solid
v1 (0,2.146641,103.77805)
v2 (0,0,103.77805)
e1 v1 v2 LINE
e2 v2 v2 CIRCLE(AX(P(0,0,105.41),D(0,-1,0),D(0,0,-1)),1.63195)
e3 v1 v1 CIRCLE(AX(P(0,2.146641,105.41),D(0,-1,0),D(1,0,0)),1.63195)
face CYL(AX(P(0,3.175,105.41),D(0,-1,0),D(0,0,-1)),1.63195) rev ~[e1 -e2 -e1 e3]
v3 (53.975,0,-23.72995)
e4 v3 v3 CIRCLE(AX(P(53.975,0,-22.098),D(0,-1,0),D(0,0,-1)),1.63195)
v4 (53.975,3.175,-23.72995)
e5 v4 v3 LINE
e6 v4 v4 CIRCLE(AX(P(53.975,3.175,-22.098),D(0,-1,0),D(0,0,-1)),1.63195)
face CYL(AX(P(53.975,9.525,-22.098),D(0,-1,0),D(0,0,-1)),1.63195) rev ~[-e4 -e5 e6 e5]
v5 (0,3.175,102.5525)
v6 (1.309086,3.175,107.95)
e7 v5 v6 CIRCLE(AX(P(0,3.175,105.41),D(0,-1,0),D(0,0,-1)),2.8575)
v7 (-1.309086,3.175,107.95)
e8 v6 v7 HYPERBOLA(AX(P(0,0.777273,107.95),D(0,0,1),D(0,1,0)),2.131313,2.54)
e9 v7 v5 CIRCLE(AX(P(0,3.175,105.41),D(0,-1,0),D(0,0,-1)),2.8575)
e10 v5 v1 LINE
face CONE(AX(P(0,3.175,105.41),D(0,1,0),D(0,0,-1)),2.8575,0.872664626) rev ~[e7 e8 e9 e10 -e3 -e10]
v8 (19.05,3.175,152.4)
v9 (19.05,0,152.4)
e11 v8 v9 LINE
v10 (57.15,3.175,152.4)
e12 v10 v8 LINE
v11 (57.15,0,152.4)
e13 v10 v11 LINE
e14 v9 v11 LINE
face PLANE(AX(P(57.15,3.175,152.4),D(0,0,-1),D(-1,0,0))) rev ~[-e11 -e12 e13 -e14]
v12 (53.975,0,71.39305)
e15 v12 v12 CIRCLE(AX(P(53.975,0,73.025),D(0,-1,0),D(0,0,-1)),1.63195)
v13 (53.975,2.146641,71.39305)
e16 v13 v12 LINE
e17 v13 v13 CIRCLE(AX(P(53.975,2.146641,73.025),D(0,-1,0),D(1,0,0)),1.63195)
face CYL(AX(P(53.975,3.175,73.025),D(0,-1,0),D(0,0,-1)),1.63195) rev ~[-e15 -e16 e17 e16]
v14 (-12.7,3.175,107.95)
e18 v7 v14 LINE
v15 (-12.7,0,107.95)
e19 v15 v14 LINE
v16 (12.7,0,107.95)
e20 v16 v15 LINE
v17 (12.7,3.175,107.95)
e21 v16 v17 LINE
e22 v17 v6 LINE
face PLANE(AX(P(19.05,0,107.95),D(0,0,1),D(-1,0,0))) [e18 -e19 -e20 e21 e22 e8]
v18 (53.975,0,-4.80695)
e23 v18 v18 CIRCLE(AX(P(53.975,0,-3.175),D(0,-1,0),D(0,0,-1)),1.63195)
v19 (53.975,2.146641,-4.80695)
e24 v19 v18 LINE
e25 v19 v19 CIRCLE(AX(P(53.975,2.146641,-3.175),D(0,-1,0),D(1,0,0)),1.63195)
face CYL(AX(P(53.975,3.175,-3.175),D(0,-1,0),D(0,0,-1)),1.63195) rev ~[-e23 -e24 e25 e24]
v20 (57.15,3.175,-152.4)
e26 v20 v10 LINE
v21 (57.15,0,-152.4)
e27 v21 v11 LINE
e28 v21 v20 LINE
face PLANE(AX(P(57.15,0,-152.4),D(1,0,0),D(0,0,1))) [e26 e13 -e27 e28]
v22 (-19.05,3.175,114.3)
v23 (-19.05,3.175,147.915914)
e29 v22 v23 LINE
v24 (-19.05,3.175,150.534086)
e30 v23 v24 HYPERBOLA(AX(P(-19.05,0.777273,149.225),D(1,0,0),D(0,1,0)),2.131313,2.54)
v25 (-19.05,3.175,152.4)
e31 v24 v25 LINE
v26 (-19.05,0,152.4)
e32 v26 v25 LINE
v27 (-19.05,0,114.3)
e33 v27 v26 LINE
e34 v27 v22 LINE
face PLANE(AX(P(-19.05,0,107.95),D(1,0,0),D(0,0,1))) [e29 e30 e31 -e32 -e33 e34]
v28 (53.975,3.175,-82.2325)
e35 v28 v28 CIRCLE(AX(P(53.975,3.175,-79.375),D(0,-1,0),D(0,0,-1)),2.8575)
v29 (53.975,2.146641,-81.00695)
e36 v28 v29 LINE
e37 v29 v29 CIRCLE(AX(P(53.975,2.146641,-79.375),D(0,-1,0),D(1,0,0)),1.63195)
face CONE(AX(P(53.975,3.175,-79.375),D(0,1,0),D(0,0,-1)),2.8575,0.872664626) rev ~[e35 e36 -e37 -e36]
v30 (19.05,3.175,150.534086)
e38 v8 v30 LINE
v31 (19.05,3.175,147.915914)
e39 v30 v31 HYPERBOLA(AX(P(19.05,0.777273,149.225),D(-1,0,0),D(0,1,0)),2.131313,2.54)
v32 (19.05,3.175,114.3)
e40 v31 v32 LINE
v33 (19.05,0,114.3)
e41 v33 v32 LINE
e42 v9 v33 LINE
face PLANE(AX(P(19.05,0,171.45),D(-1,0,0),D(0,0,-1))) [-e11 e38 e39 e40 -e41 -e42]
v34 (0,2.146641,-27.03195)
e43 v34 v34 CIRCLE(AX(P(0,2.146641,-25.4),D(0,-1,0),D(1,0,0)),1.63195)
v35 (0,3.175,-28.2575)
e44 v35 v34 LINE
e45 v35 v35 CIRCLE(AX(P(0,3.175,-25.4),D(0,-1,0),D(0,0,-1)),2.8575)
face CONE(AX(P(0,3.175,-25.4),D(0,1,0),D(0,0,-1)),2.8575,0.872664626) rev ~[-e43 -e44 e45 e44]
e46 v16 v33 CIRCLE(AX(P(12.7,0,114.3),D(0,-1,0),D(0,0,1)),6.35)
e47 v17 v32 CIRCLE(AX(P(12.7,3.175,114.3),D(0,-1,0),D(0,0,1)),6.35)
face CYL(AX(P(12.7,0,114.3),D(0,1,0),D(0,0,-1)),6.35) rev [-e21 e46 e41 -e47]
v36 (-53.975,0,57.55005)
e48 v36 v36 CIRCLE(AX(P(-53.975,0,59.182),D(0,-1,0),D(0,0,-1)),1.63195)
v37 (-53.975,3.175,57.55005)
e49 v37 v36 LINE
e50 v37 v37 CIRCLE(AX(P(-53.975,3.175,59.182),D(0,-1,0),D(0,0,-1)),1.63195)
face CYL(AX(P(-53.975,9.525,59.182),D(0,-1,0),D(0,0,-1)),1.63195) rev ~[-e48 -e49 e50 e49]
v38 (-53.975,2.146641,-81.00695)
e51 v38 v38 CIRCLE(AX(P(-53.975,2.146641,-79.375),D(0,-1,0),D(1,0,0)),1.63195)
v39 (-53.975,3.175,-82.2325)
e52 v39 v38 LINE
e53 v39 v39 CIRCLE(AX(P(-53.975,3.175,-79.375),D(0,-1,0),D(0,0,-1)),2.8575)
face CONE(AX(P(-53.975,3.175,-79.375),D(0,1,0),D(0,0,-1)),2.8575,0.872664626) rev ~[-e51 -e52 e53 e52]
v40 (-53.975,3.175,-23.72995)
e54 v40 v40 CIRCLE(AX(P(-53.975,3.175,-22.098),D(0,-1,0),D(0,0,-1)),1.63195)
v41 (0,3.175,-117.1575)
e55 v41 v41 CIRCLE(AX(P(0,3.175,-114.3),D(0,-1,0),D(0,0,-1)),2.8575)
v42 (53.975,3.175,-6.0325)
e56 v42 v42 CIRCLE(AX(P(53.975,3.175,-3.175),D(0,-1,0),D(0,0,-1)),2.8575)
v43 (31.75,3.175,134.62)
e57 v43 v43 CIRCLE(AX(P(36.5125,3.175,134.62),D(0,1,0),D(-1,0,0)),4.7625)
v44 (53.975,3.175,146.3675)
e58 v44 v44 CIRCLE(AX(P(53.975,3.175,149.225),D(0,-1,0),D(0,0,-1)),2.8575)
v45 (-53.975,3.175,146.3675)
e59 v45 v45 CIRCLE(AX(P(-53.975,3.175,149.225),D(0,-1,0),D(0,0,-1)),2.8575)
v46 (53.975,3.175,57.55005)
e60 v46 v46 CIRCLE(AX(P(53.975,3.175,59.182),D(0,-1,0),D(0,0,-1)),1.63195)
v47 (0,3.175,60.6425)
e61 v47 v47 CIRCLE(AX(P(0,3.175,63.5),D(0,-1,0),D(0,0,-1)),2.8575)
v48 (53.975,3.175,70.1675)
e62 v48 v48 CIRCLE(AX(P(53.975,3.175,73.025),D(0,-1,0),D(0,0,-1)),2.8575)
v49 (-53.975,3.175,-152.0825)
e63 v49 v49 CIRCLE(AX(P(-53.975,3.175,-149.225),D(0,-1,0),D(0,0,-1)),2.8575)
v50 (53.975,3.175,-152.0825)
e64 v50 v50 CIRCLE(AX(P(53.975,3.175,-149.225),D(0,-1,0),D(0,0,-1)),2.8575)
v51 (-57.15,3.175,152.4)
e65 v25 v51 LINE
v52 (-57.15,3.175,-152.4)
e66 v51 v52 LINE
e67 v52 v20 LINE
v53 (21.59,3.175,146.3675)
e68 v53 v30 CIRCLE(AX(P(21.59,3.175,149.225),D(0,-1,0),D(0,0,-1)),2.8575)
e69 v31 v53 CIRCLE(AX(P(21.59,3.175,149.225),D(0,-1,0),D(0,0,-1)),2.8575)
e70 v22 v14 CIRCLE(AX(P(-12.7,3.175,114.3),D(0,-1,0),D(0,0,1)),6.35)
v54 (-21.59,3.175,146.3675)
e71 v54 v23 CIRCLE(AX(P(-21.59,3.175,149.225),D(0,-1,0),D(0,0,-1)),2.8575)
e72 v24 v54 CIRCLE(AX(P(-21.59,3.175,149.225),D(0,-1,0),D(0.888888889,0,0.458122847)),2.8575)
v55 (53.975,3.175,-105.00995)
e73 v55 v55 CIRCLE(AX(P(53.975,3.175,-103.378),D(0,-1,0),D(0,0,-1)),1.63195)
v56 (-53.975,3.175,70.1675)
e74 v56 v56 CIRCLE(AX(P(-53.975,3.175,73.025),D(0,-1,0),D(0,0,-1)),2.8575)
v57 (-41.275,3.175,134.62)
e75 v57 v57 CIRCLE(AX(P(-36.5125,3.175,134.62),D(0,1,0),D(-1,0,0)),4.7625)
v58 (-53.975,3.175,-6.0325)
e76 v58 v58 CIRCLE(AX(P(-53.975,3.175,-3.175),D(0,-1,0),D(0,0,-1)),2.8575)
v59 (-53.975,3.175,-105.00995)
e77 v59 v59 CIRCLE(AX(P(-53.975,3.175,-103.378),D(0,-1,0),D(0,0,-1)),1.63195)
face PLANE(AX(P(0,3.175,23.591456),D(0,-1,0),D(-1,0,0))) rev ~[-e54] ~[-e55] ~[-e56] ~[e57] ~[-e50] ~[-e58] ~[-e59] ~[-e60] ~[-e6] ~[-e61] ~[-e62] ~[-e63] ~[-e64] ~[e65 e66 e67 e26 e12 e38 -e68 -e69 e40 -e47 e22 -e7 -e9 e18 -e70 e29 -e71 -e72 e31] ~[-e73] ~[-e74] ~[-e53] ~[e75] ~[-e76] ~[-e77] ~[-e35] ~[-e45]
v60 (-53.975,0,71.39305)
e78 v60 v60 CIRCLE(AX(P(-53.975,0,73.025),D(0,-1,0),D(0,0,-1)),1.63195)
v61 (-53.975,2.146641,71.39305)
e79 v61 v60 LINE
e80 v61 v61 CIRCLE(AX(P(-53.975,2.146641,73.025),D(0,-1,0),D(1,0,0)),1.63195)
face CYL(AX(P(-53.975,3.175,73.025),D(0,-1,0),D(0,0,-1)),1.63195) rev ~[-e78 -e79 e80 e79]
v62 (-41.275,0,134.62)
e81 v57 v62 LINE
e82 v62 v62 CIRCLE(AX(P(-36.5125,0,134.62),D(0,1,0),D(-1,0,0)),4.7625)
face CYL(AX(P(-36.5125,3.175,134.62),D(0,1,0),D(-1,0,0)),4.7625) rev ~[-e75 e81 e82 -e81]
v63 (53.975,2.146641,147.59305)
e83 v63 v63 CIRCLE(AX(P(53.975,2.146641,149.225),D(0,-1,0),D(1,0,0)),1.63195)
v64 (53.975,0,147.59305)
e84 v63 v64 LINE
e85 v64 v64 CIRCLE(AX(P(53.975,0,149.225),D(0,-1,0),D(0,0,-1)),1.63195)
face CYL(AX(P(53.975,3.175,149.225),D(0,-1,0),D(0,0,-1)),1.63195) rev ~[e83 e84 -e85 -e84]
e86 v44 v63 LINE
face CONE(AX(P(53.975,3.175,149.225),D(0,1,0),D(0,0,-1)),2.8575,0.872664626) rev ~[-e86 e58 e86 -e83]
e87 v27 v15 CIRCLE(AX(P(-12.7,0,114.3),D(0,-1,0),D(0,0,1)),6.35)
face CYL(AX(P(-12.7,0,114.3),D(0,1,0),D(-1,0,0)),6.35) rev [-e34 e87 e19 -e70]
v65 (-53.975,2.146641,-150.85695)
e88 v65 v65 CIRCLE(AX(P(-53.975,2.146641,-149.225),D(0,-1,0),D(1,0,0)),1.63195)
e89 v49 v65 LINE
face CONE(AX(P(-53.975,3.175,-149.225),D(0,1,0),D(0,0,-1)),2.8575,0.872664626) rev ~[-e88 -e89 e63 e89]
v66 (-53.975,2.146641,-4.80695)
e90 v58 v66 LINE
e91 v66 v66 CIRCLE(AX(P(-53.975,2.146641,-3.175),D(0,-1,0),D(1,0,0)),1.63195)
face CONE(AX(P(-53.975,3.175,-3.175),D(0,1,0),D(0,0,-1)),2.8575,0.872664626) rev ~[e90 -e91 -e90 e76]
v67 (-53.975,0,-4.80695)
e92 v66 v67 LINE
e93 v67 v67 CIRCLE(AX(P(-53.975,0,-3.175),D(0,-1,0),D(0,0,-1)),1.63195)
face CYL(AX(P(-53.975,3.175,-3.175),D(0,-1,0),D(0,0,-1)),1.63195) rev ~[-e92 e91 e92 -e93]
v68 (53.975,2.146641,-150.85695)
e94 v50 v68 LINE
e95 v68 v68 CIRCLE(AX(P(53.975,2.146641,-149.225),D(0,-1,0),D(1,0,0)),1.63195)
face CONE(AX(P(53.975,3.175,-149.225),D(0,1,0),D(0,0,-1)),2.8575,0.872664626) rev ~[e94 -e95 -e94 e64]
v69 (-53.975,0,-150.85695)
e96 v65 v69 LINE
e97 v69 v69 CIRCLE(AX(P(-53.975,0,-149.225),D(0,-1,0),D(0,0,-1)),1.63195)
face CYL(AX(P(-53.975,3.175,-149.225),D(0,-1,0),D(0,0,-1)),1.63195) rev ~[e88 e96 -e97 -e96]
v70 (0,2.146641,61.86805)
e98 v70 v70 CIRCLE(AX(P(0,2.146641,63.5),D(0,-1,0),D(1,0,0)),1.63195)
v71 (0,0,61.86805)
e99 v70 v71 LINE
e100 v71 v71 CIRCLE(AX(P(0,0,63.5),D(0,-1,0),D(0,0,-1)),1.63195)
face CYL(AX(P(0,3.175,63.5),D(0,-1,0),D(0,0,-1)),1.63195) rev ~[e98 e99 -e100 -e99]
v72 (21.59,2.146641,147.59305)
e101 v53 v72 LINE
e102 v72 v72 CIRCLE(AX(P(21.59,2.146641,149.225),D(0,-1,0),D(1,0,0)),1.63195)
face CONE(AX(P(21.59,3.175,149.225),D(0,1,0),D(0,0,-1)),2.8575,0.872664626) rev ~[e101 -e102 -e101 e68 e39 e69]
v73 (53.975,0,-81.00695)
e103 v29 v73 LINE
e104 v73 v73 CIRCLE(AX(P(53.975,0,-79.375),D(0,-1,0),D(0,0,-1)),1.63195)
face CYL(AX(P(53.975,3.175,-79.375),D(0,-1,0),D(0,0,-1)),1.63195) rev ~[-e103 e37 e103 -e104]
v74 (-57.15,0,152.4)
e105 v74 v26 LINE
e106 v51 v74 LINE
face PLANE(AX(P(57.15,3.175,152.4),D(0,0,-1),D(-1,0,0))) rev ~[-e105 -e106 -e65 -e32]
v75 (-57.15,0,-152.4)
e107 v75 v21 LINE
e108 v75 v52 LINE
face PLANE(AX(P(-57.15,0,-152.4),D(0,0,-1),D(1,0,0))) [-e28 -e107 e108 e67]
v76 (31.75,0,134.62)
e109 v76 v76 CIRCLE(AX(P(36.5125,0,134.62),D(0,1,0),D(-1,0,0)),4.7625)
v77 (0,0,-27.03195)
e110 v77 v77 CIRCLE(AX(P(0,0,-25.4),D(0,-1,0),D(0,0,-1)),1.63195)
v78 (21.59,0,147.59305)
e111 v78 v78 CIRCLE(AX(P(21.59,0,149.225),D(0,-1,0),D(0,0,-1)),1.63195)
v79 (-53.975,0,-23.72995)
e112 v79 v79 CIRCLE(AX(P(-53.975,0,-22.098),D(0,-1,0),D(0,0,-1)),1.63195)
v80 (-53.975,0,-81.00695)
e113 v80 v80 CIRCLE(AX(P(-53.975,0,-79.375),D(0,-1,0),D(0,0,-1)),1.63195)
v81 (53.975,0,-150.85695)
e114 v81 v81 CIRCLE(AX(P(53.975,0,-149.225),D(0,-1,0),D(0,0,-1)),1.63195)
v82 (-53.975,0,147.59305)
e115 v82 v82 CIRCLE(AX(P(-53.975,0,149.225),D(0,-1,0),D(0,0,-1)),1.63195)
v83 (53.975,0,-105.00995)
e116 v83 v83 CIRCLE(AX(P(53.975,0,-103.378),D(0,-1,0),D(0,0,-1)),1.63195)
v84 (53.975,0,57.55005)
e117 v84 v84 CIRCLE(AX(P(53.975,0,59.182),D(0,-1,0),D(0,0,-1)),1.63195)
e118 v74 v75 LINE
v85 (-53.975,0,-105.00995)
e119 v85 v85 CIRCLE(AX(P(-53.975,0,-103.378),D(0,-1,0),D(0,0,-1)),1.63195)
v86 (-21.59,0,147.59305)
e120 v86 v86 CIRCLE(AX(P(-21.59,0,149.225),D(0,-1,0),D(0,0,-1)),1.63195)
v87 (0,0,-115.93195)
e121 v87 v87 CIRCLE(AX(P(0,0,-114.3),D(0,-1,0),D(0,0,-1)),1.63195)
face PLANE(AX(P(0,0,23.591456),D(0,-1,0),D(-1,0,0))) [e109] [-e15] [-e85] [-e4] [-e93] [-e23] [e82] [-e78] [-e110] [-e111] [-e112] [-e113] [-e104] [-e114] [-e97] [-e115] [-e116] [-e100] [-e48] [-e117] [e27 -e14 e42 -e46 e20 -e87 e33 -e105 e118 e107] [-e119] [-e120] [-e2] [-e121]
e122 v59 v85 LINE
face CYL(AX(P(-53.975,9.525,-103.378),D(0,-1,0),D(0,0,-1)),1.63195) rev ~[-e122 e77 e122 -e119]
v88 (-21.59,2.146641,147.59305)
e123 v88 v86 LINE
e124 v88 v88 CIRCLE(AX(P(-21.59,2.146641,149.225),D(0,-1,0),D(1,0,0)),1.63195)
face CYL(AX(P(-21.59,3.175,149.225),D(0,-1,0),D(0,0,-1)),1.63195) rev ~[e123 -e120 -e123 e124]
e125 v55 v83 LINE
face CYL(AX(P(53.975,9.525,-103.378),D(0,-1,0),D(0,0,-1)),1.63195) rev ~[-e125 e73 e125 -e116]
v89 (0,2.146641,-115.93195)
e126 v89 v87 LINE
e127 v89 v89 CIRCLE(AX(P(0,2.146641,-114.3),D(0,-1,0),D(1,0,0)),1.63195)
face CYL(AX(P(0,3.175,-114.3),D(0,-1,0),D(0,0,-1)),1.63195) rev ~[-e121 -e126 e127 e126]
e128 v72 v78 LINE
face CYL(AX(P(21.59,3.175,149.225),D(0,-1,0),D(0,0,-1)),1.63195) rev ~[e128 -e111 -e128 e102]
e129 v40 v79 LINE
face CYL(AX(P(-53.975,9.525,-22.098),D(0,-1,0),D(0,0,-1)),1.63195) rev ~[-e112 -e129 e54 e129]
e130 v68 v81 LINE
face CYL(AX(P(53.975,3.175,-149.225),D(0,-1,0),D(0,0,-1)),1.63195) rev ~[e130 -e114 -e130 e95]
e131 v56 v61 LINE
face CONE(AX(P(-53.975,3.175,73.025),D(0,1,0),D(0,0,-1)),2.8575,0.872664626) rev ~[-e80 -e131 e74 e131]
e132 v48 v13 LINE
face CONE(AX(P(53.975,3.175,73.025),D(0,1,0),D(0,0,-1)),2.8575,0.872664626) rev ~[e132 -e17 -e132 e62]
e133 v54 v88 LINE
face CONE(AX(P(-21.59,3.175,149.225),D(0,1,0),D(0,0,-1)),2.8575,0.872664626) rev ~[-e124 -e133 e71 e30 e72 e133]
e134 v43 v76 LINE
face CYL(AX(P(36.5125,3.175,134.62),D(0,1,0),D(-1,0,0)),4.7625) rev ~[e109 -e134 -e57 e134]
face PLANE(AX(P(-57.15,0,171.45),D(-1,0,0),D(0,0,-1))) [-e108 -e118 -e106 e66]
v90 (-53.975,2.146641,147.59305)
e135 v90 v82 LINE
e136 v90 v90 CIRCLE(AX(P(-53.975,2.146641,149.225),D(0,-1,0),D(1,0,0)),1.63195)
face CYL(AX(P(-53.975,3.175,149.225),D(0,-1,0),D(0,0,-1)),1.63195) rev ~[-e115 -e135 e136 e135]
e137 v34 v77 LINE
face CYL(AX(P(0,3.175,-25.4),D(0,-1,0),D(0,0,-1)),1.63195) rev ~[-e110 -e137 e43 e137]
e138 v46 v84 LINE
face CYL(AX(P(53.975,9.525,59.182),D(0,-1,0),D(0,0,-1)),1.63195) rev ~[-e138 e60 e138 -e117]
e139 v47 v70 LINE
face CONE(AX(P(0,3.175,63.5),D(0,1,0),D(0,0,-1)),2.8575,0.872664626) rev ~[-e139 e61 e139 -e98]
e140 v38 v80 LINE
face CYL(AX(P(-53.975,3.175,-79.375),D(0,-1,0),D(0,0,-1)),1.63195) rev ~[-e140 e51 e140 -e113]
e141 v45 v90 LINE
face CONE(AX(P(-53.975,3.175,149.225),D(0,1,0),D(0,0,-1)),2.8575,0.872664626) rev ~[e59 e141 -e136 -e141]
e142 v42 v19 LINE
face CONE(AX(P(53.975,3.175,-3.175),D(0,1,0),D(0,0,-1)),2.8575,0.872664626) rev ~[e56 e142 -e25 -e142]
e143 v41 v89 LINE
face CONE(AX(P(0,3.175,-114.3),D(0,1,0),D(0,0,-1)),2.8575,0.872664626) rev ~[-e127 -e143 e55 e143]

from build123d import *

# Parameters (mm, degrees)
EXTRUDE1_DEPTH                                    = 3.175
CSK_FOR_4_FLAT_HEAD_MACHINE_SCREW_100_D           = 3.2639
CSK_FOR_4_FLAT_HEAD_MACHINE_SCREW_100_CSINK_D     = 5.715
CSK_FOR_4_FLAT_HEAD_MACHINE_SCREW_100_CSINK_ANGLE = 100
FILLET1_R                                         = 6.35
FILLET2_R                                         = 6.35
SKETCH4_R                                         = 4.7625
CUT_EXTRUDE1_DEPTH                                = 4.175
SKETCH5_W                                         = 114.3
SKETCH5_H                                         = 19.05
CUT_EXTRUDE2_DEPTH                                = 4.175
F_4_CLEARANCE_HOLE1_D                             = 3.2639
F_4_CLEARANCE_HOLE1_DEPTH                         = 6.35
F_4_CLEARANCE_HOLE1_TIP                           = 0.980574487


with BuildPart() as part:
    # Sketch1 → Extrude1 (new body)
    with BuildSketch(Plane(origin=(0, 0, 0), x_dir=(1, 0, 0), z_dir=(0, 1, 0))):
        Polygon((-57.15, -171.45), (-57.15, 152.4), (57.15, 152.4), (57.15, -171.45), (19.05, -171.45), (19.05, -107.95), (-19.05, -107.95), (-19.05, -171.45), align=None)
    extrude(amount=EXTRUDE1_DEPTH)

    # CSK for #4 Flat Head Machine Screw (100)1 (through all)
    with Locations(Plane(origin=(-53.975, 3.175, -149.225), x_dir=(0, 0, 1), z_dir=(0, 1, 0))):
        with Locations((0, 0), (0, 107.95), (298.45, 107.95), (298.45, 75.565), (254.635, 53.975), (298.45, 32.385), (298.45, 0), (69.85, 0), (146.05, 0), (222.25, 0), (222.25, 107.95), (146.05, 107.95), (69.85, 107.95), (34.925, 53.975), (212.725, 53.975), (123.825, 53.975)):
            CounterSinkHole(CSK_FOR_4_FLAT_HEAD_MACHINE_SCREW_100_D / 2, CSK_FOR_4_FLAT_HEAD_MACHINE_SCREW_100_CSINK_D / 2, counter_sink_angle=CSK_FOR_4_FLAT_HEAD_MACHINE_SCREW_100_CSINK_ANGLE)

    # Fillet1
    fillet1_edges = [part.edges().sort_by_distance(p)[0] for p in [
        (-19.05, 1.5875, 107.95),
    ]]
    fillet(fillet1_edges, radius=FILLET1_R)

    # Fillet2
    fillet2_edges = [part.edges().sort_by_distance(p)[0] for p in [
        (19.05, 1.5875, 107.95),
    ]]
    fillet(fillet2_edges, radius=FILLET2_R)

    # Sketch4 → Cut-Extrude1 (cut, through all)
    with BuildSketch(Plane(origin=(0, 3.175, 0), x_dir=(-1, 0, 0), z_dir=(0, 1, 0))):
        with Locations((36.5125, 134.62)):
            Circle(SKETCH4_R)
        with Locations((-36.5125, 134.62)):
            Circle(SKETCH4_R)
    extrude(amount=-CUT_EXTRUDE1_DEPTH, mode=Mode.SUBTRACT)

    # Sketch5 → Cut-Extrude2 (cut, through all)
    with BuildSketch(Plane(origin=(0, 3.175, 0), x_dir=(-1, 0, 0), z_dir=(0, 1, 0))):
        with Locations((0, 161.925)):
            Rectangle(SKETCH5_W, SKETCH5_H)
    extrude(amount=-CUT_EXTRUDE2_DEPTH, mode=Mode.SUBTRACT)

    # #4 Clearance Hole1
    with Locations(Plane(origin=(-53.975, 3.175, -103.378), x_dir=(0, 0, 1), z_dir=(0, 1, 0))):
        with Locations((0, 0), (0, 107.95), (81.28, 107.95), (81.28, 0), (162.56, 0), (162.56, 107.95)):
            Hole(F_4_CLEARANCE_HOLE1_D / 2, depth=F_4_CLEARANCE_HOLE1_DEPTH)
            with Locations((0, 0, -(F_4_CLEARANCE_HOLE1_DEPTH + F_4_CLEARANCE_HOLE1_TIP / 2))):  # 118° drill point
                Cone(0, F_4_CLEARANCE_HOLE1_D / 2, F_4_CLEARANCE_HOLE1_TIP, mode=Mode.SUBTRACT)


solid = part.part
